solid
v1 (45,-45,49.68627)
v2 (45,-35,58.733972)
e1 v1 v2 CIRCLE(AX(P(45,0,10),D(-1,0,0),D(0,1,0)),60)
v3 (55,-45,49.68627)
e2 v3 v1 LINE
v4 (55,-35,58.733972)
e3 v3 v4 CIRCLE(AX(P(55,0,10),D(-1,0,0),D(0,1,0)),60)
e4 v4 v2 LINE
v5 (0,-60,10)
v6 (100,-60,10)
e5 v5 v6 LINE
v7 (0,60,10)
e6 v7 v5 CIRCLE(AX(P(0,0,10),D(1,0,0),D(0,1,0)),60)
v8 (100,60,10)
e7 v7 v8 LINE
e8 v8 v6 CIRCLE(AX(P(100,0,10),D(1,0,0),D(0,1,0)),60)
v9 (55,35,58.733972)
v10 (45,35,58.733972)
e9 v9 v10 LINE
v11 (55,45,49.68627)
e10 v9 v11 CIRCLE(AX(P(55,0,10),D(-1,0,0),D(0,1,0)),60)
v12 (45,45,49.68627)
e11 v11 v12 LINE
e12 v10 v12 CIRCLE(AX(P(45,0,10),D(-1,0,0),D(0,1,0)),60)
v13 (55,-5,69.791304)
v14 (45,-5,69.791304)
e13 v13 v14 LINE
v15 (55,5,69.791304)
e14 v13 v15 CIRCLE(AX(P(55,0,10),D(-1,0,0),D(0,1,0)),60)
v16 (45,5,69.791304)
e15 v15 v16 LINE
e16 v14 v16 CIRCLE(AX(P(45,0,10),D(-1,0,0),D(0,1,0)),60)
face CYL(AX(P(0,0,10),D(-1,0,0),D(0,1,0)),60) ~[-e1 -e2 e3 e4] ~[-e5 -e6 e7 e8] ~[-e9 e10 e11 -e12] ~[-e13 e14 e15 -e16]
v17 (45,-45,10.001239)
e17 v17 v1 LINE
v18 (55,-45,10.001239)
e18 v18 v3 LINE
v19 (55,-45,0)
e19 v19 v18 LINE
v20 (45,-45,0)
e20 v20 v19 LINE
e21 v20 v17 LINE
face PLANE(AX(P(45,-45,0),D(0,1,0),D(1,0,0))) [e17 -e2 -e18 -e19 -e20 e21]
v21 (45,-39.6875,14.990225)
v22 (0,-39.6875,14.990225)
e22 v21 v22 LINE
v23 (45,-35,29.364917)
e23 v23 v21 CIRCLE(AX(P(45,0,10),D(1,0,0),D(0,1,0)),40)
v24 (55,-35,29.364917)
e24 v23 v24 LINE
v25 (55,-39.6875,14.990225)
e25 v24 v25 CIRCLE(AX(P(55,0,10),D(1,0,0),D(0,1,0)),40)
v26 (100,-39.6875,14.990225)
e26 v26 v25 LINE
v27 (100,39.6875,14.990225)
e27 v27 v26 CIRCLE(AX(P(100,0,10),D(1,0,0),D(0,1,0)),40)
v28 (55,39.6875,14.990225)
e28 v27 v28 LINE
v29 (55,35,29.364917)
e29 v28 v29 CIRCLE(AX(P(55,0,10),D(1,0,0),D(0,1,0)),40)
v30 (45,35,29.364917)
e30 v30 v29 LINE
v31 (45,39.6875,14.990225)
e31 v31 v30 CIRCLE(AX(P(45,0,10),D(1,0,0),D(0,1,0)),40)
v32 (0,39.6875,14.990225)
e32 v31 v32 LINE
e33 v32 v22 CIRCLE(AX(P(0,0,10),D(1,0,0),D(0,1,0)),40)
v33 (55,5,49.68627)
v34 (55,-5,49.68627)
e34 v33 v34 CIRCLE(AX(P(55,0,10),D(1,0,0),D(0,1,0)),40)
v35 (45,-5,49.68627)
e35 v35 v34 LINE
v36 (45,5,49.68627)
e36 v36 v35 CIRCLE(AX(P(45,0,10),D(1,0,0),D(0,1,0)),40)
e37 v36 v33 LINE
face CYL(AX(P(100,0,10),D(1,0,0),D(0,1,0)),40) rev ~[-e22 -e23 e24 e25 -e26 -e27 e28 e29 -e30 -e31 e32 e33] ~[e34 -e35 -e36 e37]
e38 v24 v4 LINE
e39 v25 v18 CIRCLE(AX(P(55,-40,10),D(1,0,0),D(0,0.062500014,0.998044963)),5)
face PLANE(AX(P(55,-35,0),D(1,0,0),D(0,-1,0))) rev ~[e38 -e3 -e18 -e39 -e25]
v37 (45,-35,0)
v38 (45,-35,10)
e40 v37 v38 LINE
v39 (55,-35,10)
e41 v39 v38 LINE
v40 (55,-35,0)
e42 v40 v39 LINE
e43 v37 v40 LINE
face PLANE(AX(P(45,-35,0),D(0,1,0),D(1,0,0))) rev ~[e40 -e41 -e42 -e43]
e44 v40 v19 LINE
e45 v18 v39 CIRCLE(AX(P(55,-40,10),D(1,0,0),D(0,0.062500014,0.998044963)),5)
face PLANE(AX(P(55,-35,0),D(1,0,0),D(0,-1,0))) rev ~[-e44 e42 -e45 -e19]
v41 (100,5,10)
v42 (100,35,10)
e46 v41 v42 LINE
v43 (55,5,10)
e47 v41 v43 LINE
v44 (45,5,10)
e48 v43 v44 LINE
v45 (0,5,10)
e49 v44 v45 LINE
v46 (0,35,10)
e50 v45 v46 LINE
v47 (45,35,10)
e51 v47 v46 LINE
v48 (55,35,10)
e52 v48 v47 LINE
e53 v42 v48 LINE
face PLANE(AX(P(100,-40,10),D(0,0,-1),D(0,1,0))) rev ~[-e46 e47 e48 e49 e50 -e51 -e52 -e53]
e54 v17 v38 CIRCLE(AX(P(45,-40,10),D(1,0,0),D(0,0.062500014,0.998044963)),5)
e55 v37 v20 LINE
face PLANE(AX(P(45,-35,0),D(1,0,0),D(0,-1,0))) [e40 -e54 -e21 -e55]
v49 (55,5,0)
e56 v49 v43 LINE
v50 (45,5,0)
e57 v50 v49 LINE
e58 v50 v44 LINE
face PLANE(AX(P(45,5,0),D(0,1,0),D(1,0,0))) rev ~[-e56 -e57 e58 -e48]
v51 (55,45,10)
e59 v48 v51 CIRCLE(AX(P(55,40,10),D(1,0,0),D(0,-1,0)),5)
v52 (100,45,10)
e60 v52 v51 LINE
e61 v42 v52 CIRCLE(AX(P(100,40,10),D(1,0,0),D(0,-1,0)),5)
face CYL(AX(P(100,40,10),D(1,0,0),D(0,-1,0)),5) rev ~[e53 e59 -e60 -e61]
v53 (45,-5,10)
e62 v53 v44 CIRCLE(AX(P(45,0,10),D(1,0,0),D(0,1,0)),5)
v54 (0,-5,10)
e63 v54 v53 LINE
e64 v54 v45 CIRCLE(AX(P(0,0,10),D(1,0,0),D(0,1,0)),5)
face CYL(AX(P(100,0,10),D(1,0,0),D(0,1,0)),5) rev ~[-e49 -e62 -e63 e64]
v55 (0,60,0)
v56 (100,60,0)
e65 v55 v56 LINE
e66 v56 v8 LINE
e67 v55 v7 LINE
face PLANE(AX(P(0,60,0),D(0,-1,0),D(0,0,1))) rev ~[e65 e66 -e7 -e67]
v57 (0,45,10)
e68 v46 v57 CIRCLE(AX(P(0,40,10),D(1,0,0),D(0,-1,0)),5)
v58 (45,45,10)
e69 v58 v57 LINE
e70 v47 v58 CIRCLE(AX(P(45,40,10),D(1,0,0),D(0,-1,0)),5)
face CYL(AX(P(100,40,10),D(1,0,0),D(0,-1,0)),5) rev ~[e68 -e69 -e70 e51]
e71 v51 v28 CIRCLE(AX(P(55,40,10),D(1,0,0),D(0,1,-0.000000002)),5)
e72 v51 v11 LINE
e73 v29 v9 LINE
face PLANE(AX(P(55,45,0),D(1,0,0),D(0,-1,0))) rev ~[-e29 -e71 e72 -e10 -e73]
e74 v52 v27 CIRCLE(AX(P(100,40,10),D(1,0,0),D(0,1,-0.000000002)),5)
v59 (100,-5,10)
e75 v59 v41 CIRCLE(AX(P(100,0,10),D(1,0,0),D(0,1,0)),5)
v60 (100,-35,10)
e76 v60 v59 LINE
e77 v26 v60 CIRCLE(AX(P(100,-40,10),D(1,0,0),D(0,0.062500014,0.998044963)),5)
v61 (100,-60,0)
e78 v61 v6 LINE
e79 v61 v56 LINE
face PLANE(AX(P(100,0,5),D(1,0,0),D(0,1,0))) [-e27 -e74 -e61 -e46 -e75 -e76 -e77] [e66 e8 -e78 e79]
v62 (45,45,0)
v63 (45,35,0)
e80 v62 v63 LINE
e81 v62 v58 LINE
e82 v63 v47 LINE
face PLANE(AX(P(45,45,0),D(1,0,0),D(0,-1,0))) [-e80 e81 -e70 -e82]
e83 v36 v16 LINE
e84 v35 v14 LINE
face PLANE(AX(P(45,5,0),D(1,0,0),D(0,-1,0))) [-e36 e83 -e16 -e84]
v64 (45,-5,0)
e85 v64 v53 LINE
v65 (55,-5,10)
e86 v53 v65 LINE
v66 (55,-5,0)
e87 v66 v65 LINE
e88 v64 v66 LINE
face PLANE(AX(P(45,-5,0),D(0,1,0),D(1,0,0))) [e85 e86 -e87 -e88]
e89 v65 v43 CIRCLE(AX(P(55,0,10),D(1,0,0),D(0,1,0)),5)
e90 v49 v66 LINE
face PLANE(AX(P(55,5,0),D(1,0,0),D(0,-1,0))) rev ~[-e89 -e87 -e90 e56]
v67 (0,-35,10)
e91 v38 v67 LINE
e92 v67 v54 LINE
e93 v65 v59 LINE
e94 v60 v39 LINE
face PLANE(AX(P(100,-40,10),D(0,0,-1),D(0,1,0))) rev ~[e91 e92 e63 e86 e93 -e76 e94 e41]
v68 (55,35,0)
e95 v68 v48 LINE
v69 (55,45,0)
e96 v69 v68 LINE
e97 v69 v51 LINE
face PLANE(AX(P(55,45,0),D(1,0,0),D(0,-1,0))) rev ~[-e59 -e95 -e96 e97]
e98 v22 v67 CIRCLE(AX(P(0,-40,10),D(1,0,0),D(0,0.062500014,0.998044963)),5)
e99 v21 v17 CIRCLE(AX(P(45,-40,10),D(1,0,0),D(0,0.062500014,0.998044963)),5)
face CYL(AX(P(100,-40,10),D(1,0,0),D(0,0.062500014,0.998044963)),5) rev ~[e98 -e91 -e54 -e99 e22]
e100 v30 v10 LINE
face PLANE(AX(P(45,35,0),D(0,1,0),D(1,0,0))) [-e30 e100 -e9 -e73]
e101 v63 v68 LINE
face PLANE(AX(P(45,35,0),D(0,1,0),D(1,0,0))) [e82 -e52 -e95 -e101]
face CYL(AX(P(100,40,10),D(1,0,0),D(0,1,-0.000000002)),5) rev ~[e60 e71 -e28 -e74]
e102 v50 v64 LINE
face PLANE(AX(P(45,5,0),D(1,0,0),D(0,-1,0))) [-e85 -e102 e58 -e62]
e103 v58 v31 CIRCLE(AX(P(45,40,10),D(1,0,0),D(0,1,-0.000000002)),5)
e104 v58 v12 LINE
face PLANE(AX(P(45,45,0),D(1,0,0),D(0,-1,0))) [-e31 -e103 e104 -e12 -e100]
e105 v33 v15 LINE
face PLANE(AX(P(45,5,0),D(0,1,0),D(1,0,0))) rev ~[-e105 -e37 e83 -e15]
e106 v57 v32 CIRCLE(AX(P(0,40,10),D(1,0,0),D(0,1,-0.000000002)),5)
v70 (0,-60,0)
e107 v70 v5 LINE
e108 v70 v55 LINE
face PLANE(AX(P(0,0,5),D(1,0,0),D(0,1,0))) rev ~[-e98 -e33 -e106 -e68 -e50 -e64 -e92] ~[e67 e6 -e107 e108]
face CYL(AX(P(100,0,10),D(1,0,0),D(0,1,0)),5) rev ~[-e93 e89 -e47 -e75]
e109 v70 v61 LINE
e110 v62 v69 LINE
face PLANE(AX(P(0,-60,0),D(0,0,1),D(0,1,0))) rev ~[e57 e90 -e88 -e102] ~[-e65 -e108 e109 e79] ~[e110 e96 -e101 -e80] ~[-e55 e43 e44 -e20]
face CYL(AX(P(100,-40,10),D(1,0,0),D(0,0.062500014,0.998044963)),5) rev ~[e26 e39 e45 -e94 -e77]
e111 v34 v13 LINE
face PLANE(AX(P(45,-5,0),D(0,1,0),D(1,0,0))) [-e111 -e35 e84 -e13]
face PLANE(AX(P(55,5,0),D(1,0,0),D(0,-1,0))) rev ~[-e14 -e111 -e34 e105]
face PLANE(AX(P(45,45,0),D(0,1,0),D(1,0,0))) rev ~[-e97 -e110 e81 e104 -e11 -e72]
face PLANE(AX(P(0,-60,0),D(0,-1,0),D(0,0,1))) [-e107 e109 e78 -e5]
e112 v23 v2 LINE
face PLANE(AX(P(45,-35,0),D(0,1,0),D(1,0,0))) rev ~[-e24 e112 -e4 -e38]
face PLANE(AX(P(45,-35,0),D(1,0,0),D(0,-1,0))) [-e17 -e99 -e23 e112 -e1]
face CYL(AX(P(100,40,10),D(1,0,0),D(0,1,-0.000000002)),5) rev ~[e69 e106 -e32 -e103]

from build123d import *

# Parameters (mm, degrees)
F0_W     = 120
F0_H     = 10
F1_DEPTH = 100
F3_DEPTH = 100.001
F5_DEPTH = 100.001
F6_W     = 10
F6_H     = 10
F7_DEPTH = 70.001


with BuildPart() as f1:
    # F0 (on Right) → F1 (new body)
    with BuildSketch(Plane.YZ):
        with Locations((0, 5)):
            Rectangle(F0_W, F0_H)
        with BuildLine():
            Line((-60, 10), (60, 10))
            ThreePointArc((60, 10), (0, 70), (-60, 10))
        make_face()
    extrude(amount=F1_DEPTH)

    # F2 (on face) → F3 (cut, through all)
    with BuildSketch(Plane.YZ.offset(100)):
        with BuildLine():
            ThreePointArc((40, 10), (0, 50), (-40, 10))
            Line((-40, 10), (40, 10))
        make_face()
    extrude(amount=-F3_DEPTH, mode=Mode.SUBTRACT)

    # F4 (on face) → F5 (cut, through all)
    with BuildSketch(Plane.YZ.offset(100)):
        with BuildLine():
            ThreePointArc((-5, 10), (0, 5), (5, 10))
            Line((5, 10), (-5, 10))
        make_face()
        with BuildLine():
            Line((-5, 10), (5, 10))
            ThreePointArc((5, 10), (0, 15), (-5, 10))
        make_face()
        with BuildLine():
            ThreePointArc((39.6875, 14.990225), (36.355655, 13.423266), (35, 10))
            Line((35, 10), (40, 10))
            ThreePointArc((40, 10), (39.921799, 12.5), (39.6875, 14.990225))
        make_face()
        with BuildLine():
            Line((-40, 10), (-35, 10))
            ThreePointArc((-35, 10), (-36.355655, 13.423266), (-39.6875, 14.990225))
            ThreePointArc((-39.6875, 14.990225), (-39.921799, 12.5), (-40, 10))
        make_face()
        with BuildLine():
            ThreePointArc((-39.6875, 14.990225), (-43.644345, 6.576734), (-35, 10))
            Line((-35, 10), (-40, 10))
            ThreePointArc((-40, 10), (-39.921799, 12.5), (-39.6875, 14.990225))
        make_face()
        with BuildLine():
            Line((40, 10), (35, 10))
            ThreePointArc((35, 10), (40, 5), (45, 10))
            ThreePointArc((45, 10), (43.423266, 13.644345), (39.6875, 14.990225))
            ThreePointArc((39.6875, 14.990225), (39.921799, 12.5), (40, 10))
        make_face()
    extrude(amount=-F5_DEPTH, mode=Mode.SUBTRACT)

    # F6 (on face) → F7 (cut, through all)
    with BuildSketch(Plane(origin=(0, 0, 0), x_dir=(1, 0, 0), z_dir=(0, 0, -1))):
        with Locations((50, 40)):
            Rectangle(F6_W, F6_H)
        with Locations((50, 0)):
            Rectangle(F6_W, F6_H)
        with Locations((50, -40)):
            Rectangle(F6_W, F6_H)
    extrude(amount=-F7_DEPTH, mode=Mode.SUBTRACT)


solid = f1.part
